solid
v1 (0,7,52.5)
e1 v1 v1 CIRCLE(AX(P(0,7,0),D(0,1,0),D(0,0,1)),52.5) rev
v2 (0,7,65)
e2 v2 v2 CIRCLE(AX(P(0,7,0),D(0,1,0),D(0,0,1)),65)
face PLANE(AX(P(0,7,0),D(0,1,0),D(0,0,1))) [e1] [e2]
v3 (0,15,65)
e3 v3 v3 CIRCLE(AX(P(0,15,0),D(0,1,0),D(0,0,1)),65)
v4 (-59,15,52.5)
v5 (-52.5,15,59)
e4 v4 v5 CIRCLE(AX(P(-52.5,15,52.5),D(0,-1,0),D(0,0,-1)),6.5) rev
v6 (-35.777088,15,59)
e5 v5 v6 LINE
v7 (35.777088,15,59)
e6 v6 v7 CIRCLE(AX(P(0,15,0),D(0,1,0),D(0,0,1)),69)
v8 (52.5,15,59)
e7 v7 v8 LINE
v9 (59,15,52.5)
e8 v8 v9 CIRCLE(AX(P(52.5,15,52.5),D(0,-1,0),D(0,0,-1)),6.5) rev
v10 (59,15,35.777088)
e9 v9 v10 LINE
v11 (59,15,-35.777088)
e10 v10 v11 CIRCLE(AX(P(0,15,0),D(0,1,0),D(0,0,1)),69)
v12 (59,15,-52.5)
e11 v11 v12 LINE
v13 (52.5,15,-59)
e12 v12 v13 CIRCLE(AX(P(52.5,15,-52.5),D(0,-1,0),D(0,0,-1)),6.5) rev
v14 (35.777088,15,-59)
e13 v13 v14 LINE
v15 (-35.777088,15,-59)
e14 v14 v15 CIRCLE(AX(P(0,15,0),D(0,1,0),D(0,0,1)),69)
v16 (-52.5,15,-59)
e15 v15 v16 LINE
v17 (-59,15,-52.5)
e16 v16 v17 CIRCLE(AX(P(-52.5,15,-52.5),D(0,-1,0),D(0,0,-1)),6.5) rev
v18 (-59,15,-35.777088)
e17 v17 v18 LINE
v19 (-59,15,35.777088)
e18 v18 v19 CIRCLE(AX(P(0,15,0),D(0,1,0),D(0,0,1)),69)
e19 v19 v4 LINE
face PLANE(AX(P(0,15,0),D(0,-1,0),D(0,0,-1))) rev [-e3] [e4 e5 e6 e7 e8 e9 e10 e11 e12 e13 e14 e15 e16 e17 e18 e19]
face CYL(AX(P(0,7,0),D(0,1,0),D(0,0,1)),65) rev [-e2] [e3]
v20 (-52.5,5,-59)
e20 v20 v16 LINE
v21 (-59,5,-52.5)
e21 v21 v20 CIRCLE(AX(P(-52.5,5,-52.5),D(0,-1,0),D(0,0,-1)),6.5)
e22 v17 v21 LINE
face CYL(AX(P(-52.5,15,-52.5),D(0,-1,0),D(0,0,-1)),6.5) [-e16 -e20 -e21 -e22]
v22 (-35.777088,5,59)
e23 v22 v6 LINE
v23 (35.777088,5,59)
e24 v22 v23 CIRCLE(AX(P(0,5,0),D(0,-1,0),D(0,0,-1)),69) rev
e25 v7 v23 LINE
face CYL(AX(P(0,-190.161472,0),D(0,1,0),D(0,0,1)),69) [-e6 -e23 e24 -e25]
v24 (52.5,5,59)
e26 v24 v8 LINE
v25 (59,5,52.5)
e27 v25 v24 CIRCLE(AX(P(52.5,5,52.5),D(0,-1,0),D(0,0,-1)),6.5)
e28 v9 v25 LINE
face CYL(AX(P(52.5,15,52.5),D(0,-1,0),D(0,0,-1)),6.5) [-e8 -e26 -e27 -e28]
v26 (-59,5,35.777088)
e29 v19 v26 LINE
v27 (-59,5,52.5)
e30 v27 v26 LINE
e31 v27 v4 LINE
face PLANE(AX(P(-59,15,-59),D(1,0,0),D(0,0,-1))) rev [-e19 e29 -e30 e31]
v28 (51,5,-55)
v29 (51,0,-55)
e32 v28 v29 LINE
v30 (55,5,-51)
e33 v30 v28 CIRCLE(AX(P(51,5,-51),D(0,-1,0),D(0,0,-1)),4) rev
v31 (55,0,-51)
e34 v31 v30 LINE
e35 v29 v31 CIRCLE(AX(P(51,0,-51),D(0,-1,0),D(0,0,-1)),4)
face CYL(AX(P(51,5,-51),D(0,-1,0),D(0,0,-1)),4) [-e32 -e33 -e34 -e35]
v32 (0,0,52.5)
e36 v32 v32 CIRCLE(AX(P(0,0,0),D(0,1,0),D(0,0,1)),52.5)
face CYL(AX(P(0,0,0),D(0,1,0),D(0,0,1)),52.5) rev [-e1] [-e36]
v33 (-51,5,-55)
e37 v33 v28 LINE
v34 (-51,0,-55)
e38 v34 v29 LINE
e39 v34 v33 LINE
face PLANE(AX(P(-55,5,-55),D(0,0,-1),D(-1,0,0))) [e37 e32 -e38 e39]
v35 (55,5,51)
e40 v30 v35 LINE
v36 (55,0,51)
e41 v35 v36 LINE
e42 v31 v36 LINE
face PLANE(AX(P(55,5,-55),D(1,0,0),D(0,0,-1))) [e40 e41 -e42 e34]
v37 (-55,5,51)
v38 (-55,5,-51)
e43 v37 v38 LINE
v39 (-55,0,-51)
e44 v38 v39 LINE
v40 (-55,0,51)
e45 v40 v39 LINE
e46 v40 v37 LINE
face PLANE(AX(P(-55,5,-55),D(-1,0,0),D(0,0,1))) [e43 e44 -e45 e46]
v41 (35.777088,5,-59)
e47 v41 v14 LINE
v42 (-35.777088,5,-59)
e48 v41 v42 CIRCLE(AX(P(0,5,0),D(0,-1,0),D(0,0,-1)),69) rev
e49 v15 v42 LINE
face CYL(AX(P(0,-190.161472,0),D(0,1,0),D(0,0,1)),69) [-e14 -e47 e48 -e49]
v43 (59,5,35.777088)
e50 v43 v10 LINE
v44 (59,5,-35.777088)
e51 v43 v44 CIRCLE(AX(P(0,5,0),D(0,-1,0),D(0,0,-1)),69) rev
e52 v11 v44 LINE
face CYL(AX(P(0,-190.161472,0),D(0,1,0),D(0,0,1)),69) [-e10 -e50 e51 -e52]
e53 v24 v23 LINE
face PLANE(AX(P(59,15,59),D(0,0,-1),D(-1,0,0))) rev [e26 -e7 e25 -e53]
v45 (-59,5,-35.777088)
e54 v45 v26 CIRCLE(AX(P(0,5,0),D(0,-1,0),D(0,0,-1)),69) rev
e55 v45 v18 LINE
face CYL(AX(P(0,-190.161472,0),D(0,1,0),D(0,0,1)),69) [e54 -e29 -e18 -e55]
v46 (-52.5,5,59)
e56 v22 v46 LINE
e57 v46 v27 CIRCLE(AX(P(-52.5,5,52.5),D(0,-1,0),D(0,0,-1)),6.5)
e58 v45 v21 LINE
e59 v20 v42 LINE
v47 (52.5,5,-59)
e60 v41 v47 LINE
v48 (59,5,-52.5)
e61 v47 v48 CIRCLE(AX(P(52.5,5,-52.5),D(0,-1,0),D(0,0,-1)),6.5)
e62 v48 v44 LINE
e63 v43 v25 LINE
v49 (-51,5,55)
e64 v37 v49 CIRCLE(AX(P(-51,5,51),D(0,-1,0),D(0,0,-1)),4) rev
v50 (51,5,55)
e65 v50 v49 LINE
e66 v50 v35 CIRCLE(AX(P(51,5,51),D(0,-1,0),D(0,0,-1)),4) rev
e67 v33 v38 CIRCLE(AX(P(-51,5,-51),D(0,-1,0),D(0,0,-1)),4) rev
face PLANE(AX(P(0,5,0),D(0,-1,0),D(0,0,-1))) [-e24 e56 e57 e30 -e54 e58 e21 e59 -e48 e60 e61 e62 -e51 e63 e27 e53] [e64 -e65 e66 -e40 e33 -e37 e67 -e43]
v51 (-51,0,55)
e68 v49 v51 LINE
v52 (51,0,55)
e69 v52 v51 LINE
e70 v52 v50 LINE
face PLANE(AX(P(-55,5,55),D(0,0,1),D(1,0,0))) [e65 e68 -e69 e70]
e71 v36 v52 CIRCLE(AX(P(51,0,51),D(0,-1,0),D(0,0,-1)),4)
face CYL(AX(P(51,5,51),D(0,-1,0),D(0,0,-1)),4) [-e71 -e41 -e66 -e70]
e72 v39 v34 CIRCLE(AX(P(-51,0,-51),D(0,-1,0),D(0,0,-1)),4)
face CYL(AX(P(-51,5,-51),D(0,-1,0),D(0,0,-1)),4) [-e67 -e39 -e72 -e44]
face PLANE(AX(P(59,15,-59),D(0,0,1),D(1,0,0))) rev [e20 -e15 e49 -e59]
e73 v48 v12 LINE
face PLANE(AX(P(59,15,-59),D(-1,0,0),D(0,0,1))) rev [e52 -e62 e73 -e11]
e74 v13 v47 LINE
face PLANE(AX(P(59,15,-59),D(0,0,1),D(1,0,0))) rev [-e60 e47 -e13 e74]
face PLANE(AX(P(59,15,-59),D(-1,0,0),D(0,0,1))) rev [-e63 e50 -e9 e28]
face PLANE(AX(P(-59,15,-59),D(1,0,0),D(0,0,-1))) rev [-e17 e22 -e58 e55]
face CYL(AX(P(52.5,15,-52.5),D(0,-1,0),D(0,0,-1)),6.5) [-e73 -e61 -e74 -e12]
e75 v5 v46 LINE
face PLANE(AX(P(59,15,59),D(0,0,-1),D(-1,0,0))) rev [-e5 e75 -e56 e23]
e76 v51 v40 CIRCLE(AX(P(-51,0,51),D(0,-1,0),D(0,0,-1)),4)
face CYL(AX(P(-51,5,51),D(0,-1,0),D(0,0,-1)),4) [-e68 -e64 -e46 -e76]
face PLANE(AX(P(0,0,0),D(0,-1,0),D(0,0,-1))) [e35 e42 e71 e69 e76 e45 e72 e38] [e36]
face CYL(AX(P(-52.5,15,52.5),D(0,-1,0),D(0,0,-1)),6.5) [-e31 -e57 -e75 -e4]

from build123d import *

# Parameters (mm, degrees)
SKETCH1_W           = 118
SKETCH1_H           = 118
BOSS_EXTRUDE1_DEPTH = 15
SKETCH2_W           = 118
SKETCH2_H           = 118
SKETCH2_W_2         = 110
SKETCH2_H_2         = 110
CUT_EXTRUDE1_DEPTH  = 5
SKETCH6_R           = 69
BOSS_EXTRUDE2_DEPTH = 10
SKETCH3_R           = 52.5
CUT_EXTRUDE2_DEPTH  = 99.726896031
SKETCH4_R           = 65
CUT_EXTRUDE3_DEPTH  = 8
FILLET1_R           = 4
FILLET2_R           = 6.5


with BuildPart() as part:
    # Sketch1 → Boss-Extrude1 (new body)
    with BuildSketch(Plane(origin=(0, 0, 0), x_dir=(1, 0, 0), z_dir=(0, 1, 0))):
        Rectangle(SKETCH1_W, SKETCH1_H)
    extrude(amount=BOSS_EXTRUDE1_DEPTH)

    # Sketch2 → Cut-Extrude1 (cut)
    with BuildSketch(Plane.XZ):
        Rectangle(SKETCH2_W, SKETCH2_H)
        Rectangle(SKETCH2_W_2, SKETCH2_H_2, mode=Mode.SUBTRACT)
    extrude(amount=-CUT_EXTRUDE1_DEPTH, mode=Mode.SUBTRACT)

    # Sketch6 → Boss-Extrude2 (add)
    with BuildSketch(Plane(origin=(0, 15, 0), x_dir=(1, 0, 0), z_dir=(0, 1, 0))):
        Circle(SKETCH6_R)
    extrude(amount=-BOSS_EXTRUDE2_DEPTH)

    # Sketch3 → Cut-Extrude2 (cut, through all)
    with BuildSketch(Plane(origin=(0, 15, 0), x_dir=(1, 0, 0), z_dir=(0, 1, 0))):
        with Locations(Location((0, 0, 0), (0, 0, 270))):
            Circle(SKETCH3_R)
    extrude(amount=-CUT_EXTRUDE2_DEPTH, mode=Mode.SUBTRACT)

    # Sketch4 → Cut-Extrude3 (cut)
    with BuildSketch(Plane(origin=(0, 15, 0), x_dir=(1, 0, 0), z_dir=(0, 1, 0))):
        with Locations(Location((0, 0, 0), (0, 0, 270))):
            Circle(SKETCH4_R)
    extrude(amount=-CUT_EXTRUDE3_DEPTH, mode=Mode.SUBTRACT)

    # Fillet1
    fillet1_edges = [part.edges().sort_by_distance(p)[0] for p in [
        (55, 2.5, -55),
        (-55, 2.5, -55),
        (-55, 2.5, 55),
        (55, 2.5, 55),
    ]]
    fillet(fillet1_edges, radius=FILLET1_R)

    # Fillet2
    fillet2_edges = [part.edges().sort_by_distance(p)[0] for p in [
        (-59, 10, -59),
        (59, 10, -59),
        (59, 10, 59),
        (-59, 10, 59),
    ]]
    fillet(fillet2_edges, radius=FILLET2_R)


solid = part.part
